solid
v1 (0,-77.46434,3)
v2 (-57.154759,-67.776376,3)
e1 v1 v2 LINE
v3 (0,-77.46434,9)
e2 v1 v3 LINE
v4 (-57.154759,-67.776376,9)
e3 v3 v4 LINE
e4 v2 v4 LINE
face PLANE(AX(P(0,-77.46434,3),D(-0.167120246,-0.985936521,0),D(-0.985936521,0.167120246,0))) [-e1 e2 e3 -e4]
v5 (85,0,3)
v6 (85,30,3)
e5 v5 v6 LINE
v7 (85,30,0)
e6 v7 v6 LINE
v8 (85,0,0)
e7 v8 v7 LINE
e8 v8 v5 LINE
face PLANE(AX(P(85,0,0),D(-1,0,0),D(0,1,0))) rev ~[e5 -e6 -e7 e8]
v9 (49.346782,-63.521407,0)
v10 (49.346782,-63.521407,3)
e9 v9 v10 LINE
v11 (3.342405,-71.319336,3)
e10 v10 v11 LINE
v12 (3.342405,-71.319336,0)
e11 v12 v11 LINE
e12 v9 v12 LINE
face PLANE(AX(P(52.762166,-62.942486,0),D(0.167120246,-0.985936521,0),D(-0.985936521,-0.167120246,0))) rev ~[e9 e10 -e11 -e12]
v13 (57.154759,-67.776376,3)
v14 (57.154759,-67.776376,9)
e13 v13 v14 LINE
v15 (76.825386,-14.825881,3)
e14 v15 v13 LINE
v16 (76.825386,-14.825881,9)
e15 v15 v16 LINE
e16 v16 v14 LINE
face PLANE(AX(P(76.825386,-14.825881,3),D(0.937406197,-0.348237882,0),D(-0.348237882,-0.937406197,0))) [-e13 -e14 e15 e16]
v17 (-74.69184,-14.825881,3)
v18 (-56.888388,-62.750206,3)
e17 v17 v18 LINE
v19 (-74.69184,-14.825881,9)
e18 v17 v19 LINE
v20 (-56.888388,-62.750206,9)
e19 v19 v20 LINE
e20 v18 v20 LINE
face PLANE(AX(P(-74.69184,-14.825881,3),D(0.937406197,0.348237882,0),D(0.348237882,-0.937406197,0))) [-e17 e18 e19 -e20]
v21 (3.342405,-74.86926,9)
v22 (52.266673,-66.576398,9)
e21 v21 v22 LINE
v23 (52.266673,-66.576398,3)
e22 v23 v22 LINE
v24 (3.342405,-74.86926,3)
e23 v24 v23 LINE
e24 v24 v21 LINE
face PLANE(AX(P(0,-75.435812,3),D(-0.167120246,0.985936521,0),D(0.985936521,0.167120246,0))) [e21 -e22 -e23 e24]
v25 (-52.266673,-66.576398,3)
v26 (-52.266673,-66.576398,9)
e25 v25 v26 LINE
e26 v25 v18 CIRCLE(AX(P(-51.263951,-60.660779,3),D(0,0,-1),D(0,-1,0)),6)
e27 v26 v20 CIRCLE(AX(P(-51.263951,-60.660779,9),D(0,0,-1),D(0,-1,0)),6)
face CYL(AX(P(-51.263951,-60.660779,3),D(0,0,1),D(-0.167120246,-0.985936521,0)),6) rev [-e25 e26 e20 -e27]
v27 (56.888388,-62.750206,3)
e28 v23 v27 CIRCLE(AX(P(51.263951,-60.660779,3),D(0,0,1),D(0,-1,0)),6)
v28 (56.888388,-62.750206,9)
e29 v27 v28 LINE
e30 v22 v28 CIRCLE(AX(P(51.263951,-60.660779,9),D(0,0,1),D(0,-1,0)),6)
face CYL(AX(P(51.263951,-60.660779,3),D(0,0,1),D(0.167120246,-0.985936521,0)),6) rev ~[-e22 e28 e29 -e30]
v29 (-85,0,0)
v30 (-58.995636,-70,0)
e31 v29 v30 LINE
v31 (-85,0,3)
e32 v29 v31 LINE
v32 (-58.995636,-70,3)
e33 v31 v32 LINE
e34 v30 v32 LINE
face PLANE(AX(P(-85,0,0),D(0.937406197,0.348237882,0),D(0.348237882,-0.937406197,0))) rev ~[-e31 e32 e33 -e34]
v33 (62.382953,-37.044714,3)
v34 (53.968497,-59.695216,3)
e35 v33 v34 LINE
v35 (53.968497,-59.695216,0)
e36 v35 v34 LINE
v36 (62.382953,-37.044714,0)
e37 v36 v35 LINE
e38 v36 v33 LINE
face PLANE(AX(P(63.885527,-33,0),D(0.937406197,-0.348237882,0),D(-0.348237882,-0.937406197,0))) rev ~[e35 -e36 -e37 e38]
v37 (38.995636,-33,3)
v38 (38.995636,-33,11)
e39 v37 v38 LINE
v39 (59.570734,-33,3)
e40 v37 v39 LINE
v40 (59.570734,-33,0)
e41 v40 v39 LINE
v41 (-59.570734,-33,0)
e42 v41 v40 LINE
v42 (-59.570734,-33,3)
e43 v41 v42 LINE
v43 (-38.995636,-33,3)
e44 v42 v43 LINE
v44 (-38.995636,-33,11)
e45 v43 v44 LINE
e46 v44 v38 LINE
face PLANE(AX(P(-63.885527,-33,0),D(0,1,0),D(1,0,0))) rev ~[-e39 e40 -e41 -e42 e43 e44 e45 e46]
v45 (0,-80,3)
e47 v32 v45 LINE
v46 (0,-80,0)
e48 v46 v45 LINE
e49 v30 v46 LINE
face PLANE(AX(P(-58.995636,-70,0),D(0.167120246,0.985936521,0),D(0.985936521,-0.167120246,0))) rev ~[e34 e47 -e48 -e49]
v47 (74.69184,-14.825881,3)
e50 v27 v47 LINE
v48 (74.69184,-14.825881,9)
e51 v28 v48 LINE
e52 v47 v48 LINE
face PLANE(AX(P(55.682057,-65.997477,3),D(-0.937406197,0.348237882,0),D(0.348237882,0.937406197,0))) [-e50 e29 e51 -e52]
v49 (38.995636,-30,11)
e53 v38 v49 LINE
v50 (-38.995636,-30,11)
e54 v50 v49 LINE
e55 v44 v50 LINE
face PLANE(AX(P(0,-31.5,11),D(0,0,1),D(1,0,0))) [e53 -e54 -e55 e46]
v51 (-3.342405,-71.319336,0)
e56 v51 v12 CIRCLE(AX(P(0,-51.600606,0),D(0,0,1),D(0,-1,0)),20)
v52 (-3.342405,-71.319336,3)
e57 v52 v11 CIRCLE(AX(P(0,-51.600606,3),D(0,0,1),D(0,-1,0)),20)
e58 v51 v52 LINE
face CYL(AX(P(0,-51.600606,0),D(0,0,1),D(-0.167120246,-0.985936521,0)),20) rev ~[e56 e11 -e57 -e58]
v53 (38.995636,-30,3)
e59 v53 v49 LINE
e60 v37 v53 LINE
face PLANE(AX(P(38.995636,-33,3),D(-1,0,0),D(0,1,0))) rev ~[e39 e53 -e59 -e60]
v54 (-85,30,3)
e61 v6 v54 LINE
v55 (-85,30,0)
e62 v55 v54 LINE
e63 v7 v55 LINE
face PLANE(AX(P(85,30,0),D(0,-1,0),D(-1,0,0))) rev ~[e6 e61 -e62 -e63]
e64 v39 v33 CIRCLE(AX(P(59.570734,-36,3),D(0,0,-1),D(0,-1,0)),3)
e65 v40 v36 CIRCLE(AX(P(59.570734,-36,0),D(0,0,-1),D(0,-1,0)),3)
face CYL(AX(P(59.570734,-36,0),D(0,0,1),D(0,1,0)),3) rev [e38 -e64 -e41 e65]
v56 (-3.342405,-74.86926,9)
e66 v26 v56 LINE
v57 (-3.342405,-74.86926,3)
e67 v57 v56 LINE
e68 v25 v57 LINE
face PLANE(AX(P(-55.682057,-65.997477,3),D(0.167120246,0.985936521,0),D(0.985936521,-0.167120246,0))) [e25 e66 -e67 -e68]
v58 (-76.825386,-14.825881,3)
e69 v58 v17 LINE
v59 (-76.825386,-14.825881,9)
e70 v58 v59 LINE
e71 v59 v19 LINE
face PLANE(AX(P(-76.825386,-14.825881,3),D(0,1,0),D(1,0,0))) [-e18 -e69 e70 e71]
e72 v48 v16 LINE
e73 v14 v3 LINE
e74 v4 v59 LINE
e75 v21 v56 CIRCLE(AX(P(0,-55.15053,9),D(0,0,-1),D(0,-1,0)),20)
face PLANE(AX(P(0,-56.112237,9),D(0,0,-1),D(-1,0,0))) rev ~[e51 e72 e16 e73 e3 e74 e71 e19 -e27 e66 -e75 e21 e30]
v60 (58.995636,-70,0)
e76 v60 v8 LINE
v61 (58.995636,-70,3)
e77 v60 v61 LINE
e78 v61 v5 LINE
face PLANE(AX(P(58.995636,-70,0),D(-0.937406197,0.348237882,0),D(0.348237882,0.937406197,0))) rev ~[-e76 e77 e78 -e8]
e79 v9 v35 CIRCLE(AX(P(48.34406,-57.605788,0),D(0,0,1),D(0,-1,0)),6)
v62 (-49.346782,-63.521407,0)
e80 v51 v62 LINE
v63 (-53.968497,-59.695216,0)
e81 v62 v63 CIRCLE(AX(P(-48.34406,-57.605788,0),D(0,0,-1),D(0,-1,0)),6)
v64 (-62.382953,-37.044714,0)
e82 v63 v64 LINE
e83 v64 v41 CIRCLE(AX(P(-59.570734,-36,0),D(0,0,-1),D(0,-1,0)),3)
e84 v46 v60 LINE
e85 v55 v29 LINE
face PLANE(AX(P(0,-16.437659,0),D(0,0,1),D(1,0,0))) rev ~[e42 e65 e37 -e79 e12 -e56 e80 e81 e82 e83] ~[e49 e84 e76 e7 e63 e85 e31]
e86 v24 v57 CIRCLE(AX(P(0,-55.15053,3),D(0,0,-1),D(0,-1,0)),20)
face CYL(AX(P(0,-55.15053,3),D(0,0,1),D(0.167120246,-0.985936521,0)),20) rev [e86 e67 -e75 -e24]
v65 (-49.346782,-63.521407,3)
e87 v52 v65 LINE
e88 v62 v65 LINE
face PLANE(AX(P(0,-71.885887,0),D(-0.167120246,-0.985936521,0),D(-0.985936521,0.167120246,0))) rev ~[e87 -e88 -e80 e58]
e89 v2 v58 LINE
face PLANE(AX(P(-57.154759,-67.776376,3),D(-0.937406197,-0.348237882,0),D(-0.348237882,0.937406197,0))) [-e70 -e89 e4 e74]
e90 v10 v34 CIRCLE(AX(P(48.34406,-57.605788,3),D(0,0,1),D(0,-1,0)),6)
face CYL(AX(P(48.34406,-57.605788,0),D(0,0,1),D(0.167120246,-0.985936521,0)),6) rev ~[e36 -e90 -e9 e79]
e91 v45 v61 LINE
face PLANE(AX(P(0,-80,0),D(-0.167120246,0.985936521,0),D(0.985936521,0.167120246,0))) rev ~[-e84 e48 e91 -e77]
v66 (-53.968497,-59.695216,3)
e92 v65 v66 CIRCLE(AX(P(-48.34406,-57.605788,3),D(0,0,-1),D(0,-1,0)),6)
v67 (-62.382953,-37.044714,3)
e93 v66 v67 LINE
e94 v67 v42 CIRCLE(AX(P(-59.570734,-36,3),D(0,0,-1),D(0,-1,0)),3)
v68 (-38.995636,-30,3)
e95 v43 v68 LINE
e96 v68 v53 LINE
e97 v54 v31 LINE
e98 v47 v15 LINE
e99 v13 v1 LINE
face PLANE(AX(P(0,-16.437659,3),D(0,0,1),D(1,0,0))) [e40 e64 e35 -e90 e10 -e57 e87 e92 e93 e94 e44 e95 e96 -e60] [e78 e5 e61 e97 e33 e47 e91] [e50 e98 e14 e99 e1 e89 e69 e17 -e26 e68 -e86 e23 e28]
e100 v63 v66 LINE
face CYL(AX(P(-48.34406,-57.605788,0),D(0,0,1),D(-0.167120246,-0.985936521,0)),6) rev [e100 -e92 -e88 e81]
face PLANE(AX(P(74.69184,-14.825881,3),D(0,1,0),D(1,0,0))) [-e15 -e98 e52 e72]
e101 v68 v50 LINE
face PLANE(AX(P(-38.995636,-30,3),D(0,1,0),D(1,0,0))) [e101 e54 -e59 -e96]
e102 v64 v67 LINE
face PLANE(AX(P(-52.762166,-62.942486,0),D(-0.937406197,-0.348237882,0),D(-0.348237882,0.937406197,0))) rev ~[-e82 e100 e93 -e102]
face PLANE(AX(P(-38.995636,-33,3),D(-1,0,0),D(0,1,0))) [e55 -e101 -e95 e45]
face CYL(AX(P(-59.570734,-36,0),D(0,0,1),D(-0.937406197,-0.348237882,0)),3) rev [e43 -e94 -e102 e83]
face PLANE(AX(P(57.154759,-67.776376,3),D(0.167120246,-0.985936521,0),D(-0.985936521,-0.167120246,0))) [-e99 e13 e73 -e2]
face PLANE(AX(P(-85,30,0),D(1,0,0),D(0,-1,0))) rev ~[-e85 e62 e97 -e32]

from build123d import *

# Parameters (mm, degrees)
BOSS_EXTRUDE1_DEPTH = 3
BOSS_EXTRUDE2_DEPTH = 6
FILLET1_R           = 20
FILLET2_R           = 6
FILLET4_R           = 3
SKETCH4_W           = 77.991272398
SKETCH4_H           = 3
BOSS_EXTRUDE3_DEPTH = 8


with BuildPart() as part:
    # Sketch2 → Boss-Extrude1 (new body)
    with BuildSketch(Plane.XY):
        Polygon((85, 0), (85, 30), (-85, 30), (-85, 0), (-58.995636199, -70), (0, -80), (58.995636199, -70), align=None)
        Polygon((63.885527266, -33), (52.762165892, -62.942485887), (0, -71.885887347), (-52.762165892, -62.942485887), (-63.885527266, -33), align=None, mode=Mode.SUBTRACT)
    extrude(amount=BOSS_EXTRUDE1_DEPTH)

    # Sketch3 → Boss-Extrude2 (add)
    with BuildSketch(Plane.XY.offset(3)):
        Polygon((-74.691839611, -14.825881059), (-55.682056872, -65.99747679), (0, -75.435811633), (55.682056872, -65.99747679), (74.691839611, -14.825881059), (76.82538642, -14.825881059), (57.154758795, -67.776375994), (0, -77.464339796), (-57.154758795, -67.776375994), (-76.82538642, -14.825881059), align=None)
    extrude(amount=BOSS_EXTRUDE2_DEPTH)

    # Fillet1
    fillet1_edges = [part.edges().sort_by_distance(p)[0] for p in [
        (0, -71.885887347, 1.5),
        (0, -75.435811633, 6),
    ]]
    fillet(fillet1_edges, radius=FILLET1_R)

    # Fillet2
    fillet2_edges = [part.edges().sort_by_distance(p)[0] for p in [
        (-52.762165892, -62.942485887, 1.5),
        (52.762165892, -62.942485887, 1.5),
        (55.682056872, -65.99747679, 6),
        (-55.682056872, -65.99747679, 6),
    ]]
    fillet(fillet2_edges, radius=FILLET2_R)

    # Fillet4
    fillet4_edges = [part.edges().sort_by_distance(p)[0] for p in [
        (63.885527266, -33, 1.5),
        (-63.885527266, -33, 1.5),
    ]]
    fillet(fillet4_edges, radius=FILLET4_R)

    # Sketch4 → Boss-Extrude3 (add)
    with BuildSketch(Plane.XY.offset(3)):
        with Locations((0, -31.5)):
            Rectangle(SKETCH4_W, SKETCH4_H)
    extrude(amount=BOSS_EXTRUDE3_DEPTH)


solid = part.part
